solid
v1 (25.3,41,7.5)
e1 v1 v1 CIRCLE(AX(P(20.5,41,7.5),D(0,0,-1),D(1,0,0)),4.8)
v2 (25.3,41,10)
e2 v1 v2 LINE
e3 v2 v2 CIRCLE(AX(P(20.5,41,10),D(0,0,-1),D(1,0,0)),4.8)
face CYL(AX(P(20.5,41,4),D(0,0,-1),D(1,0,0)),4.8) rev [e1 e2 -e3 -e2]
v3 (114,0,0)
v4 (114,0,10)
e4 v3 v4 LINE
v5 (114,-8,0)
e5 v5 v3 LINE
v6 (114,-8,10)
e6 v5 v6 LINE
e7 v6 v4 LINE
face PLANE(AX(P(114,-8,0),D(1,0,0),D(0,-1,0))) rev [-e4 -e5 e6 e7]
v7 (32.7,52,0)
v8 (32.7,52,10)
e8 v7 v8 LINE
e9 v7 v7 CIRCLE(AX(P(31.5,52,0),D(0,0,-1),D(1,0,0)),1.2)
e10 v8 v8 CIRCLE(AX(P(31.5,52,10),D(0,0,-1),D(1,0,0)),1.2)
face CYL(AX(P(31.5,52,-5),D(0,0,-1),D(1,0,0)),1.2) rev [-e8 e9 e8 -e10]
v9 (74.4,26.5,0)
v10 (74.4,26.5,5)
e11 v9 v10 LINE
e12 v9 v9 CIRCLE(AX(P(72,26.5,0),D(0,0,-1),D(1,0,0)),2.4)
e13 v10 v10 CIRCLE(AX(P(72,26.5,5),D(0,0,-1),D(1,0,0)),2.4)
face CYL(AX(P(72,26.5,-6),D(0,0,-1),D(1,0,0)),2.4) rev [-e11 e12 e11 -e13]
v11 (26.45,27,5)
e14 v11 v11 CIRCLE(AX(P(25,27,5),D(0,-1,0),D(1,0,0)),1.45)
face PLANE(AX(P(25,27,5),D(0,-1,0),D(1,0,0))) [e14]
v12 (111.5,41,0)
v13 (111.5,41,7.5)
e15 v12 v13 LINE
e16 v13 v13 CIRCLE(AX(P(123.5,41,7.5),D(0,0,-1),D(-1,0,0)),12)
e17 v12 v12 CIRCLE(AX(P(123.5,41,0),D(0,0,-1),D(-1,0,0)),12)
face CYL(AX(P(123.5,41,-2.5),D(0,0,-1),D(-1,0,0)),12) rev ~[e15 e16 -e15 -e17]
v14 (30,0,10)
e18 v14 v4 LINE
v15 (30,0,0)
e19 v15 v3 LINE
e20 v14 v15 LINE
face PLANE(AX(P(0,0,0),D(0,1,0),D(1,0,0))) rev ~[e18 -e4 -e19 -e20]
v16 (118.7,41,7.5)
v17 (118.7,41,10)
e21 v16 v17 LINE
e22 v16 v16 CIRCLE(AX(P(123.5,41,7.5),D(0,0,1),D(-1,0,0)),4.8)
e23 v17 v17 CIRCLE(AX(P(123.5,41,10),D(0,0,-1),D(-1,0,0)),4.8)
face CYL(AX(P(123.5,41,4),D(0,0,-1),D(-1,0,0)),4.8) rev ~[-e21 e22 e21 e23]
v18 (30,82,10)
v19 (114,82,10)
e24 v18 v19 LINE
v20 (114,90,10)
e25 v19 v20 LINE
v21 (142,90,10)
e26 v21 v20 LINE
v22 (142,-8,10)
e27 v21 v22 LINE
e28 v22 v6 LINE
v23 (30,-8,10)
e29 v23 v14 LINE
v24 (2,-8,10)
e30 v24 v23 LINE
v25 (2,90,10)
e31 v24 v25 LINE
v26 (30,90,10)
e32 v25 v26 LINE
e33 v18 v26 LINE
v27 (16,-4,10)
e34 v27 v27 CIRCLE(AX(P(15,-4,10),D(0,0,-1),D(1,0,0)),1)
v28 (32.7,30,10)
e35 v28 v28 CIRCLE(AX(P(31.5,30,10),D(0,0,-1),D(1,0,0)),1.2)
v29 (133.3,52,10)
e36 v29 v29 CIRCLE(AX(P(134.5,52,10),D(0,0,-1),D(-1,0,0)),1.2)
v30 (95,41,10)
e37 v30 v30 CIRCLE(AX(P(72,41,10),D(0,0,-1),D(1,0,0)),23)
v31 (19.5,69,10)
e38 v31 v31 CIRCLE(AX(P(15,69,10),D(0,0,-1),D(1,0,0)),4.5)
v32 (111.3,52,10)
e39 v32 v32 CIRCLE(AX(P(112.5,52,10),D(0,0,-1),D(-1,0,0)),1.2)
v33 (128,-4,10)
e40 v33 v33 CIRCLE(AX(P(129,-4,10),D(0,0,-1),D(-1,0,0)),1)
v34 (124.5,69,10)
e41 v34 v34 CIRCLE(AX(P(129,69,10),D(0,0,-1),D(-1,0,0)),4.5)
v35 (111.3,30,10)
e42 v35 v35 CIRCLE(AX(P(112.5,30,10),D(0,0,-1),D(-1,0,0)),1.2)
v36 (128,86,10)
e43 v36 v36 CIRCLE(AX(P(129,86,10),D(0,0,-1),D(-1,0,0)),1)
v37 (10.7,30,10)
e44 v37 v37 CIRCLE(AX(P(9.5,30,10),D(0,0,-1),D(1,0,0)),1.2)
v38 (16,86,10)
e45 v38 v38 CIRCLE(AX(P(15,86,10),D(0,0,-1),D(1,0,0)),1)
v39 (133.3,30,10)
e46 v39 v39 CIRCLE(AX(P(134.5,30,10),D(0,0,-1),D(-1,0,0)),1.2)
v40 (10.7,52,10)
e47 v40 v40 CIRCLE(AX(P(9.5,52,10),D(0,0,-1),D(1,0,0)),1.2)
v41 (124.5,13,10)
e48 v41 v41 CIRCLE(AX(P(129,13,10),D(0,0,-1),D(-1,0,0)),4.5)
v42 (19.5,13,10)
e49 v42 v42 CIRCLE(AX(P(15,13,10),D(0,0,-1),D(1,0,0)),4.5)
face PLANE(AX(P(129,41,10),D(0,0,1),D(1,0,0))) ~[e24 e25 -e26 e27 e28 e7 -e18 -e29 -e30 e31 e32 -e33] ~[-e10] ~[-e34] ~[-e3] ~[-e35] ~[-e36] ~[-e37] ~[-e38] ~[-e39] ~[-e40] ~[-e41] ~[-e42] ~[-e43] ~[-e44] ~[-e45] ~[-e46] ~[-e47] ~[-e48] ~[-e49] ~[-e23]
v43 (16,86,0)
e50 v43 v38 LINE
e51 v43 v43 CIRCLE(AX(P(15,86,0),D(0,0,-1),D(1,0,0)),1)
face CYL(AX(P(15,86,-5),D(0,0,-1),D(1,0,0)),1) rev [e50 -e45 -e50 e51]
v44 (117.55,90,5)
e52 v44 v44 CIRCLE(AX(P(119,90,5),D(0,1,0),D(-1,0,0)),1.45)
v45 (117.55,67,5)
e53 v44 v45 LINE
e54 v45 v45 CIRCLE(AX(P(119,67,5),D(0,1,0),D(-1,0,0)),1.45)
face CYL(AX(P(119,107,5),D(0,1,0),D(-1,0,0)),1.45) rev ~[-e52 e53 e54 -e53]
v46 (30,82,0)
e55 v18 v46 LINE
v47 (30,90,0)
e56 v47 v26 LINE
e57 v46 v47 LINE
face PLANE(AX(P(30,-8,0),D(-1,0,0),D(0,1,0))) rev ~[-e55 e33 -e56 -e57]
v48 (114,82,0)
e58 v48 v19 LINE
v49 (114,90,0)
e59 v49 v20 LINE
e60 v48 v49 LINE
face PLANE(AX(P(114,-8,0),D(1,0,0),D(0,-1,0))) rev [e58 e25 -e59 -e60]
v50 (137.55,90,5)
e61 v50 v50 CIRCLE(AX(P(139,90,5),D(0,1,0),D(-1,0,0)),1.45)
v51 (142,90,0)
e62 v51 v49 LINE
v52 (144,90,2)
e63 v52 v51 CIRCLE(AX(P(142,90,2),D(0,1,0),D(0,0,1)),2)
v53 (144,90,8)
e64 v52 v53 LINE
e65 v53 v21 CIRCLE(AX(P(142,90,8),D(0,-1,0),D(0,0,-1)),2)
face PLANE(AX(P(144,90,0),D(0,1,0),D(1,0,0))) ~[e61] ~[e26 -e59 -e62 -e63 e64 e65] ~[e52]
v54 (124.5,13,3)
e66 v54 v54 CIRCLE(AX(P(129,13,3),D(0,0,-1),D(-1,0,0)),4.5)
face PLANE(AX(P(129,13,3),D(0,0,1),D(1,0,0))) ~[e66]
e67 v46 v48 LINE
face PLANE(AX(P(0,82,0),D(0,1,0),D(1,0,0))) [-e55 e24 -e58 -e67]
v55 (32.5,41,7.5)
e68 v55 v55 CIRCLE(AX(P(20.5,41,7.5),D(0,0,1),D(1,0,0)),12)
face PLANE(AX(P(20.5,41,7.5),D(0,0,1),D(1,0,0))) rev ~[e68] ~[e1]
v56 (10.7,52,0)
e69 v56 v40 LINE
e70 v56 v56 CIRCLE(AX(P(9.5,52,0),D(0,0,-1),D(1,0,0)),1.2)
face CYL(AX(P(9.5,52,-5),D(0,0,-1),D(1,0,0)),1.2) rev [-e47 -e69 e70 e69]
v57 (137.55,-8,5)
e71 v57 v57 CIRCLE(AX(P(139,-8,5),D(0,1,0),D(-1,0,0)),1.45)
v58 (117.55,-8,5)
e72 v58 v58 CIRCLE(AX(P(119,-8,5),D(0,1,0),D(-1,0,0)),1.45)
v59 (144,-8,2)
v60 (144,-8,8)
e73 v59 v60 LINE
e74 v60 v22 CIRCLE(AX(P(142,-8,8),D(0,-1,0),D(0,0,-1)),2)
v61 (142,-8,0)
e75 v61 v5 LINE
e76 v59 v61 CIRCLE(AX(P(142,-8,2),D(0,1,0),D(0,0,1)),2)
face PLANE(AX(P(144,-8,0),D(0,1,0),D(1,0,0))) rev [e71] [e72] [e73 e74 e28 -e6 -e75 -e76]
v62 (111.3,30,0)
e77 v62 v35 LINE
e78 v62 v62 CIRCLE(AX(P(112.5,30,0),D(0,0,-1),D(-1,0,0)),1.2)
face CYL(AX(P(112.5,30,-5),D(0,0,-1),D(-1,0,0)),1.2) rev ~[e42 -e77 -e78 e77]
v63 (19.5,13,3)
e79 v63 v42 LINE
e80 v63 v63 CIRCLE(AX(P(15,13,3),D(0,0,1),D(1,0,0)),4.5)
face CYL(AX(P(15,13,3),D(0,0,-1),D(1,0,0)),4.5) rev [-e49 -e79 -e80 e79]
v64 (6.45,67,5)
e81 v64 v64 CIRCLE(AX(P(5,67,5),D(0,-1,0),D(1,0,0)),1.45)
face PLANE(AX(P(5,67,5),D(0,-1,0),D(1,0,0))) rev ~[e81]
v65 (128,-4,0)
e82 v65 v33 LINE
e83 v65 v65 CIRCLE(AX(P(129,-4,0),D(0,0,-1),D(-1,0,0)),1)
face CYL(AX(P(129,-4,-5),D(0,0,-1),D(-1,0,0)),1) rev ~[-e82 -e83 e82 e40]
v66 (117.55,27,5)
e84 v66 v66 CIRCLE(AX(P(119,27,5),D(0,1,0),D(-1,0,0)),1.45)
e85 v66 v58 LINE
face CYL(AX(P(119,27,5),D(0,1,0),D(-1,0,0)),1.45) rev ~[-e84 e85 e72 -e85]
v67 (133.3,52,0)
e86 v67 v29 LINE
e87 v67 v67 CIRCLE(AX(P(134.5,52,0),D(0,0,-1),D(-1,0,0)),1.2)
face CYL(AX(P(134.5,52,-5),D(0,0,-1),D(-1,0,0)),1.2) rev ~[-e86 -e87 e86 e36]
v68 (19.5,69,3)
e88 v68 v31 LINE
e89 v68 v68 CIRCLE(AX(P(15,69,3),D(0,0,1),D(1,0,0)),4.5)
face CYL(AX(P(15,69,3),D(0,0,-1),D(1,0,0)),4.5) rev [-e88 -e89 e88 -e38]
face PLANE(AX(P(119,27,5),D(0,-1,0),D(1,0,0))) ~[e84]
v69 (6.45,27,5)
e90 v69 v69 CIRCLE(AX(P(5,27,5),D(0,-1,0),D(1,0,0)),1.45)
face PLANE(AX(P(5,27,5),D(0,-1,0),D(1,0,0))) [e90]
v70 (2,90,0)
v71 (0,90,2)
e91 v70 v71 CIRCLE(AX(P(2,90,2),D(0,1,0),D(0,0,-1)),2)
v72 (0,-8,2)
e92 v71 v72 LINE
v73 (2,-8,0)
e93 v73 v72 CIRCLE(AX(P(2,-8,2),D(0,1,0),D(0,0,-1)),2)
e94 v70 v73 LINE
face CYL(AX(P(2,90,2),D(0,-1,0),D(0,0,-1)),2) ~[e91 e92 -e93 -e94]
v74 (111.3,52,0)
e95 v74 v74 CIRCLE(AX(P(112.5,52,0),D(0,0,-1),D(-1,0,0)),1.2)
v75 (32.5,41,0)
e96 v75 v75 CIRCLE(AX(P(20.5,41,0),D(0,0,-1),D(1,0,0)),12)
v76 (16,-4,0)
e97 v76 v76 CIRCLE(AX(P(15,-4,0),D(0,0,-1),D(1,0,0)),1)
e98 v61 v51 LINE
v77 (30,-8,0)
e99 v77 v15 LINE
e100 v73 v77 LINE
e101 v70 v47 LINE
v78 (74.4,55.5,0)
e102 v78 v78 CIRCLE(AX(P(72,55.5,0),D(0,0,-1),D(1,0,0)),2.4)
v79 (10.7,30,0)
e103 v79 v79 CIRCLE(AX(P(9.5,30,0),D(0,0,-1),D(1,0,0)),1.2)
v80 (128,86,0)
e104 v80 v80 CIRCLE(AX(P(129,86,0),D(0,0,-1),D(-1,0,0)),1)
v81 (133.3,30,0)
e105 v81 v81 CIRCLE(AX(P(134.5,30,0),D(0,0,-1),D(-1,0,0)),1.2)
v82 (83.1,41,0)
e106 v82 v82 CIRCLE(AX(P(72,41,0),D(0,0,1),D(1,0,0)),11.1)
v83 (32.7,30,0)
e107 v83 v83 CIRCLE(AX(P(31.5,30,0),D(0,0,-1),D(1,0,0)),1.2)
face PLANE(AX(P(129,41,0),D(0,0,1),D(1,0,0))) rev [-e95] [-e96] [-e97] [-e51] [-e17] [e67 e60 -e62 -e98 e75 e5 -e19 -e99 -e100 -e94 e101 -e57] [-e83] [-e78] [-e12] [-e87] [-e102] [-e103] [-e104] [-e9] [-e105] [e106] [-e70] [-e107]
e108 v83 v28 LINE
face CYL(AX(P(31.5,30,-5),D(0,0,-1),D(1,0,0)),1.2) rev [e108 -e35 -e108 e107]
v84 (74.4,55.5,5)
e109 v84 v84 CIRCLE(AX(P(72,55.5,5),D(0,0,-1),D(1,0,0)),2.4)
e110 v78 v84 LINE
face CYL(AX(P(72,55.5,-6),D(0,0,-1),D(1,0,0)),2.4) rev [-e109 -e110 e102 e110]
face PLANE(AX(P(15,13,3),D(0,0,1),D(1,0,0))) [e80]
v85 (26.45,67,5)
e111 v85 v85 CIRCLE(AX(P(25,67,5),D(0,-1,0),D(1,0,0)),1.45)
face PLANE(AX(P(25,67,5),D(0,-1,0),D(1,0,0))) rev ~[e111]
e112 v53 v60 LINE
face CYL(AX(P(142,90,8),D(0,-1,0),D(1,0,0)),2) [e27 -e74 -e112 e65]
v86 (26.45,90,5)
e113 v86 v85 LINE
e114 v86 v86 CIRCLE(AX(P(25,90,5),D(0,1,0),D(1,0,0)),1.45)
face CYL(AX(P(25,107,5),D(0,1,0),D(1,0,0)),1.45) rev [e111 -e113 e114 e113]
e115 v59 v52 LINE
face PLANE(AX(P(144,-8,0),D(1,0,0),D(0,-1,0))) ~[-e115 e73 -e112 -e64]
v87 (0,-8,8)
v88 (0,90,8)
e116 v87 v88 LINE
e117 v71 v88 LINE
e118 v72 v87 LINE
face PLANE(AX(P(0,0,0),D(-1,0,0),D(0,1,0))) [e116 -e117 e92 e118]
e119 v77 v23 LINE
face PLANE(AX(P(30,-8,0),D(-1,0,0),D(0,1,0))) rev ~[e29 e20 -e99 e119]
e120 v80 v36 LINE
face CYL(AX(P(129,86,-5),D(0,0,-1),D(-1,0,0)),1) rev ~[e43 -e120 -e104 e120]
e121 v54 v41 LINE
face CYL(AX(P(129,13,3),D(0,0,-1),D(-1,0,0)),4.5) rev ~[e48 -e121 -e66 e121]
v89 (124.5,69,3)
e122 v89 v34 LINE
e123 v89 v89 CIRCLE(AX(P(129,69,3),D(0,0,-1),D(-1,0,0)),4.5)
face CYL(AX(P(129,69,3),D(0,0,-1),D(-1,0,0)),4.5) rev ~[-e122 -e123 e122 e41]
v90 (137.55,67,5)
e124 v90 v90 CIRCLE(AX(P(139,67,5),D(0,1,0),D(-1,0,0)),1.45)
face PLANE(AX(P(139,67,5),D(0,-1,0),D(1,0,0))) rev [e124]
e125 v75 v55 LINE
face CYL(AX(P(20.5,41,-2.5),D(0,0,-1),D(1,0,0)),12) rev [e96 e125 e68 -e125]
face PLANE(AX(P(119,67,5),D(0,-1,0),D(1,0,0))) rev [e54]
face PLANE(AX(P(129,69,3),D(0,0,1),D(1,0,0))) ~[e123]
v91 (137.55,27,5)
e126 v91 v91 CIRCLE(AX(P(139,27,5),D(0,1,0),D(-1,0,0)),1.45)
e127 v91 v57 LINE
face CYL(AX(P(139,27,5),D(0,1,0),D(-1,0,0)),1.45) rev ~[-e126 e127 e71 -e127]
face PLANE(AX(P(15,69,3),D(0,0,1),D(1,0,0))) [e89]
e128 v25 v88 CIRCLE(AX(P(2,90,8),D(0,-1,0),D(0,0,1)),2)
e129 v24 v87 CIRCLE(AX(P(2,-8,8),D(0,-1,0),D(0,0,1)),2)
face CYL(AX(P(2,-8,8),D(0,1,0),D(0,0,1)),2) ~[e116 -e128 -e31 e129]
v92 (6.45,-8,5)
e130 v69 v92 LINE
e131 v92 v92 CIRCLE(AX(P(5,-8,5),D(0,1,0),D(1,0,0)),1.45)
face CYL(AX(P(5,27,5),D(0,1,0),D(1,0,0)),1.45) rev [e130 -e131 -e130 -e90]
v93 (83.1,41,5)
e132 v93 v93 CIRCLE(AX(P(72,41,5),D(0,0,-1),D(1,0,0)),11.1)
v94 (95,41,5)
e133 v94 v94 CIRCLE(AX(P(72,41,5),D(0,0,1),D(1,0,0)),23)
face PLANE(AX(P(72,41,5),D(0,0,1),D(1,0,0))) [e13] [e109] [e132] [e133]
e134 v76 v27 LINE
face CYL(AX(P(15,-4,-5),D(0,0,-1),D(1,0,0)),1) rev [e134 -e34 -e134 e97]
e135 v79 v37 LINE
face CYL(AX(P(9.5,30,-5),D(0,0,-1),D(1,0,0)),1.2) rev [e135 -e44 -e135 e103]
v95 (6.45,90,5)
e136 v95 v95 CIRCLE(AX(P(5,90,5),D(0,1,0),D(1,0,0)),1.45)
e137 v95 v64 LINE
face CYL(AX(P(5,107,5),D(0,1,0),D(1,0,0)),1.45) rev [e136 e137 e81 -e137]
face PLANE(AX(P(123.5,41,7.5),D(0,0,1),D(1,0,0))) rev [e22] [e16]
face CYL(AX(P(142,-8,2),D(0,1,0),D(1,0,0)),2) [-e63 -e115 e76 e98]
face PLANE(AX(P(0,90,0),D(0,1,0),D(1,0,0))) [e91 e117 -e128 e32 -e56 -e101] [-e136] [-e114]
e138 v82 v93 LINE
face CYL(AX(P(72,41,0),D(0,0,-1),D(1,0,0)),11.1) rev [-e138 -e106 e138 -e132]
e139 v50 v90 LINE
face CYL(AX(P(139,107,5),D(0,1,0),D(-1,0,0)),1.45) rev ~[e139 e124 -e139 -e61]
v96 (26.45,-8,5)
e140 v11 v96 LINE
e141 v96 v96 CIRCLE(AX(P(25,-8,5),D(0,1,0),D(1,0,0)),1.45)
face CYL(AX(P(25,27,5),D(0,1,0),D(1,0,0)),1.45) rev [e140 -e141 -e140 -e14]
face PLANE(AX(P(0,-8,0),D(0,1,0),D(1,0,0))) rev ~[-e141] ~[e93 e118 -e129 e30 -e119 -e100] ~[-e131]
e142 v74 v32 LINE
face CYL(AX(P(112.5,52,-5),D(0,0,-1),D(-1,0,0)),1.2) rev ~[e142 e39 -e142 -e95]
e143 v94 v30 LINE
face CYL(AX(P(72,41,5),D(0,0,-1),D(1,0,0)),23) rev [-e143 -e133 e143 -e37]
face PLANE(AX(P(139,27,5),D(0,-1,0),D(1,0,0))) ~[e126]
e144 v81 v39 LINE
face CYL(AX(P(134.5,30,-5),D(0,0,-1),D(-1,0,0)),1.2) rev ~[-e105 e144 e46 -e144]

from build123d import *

# Parameters (mm, degrees)
CYLINDER028_R       = 4.8
CYLINDER028_DEPTH   = 10
CYLINDER016_R       = 1.2
CYLINDER016_DEPTH   = 20
ARRAY001006_X_COUNT = 2
ARRAY001006_X_PITCH = 22
ARRAY001006_Y_COUNT = 2
ARRAY001006_Y_PITCH = 22
CYLINDER026_R       = 12
CYLINDER026_DEPTH   = 10
CYLINDER027_R       = 4.5
CYLINDER027_DEPTH   = 24
ARRAY001008_Y_COUNT = 2
ARRAY001008_Y_PITCH = 56
CYLINDER040_R       = 1
CYLINDER040_DEPTH   = 20
ARRAY001022_Y_COUNT = 2
ARRAY001022_Y_PITCH = 90
CYLINDER039_R       = 1.45
CYLINDER039_DEPTH   = 40
ARRAY001020_X_COUNT = 2
ARRAY001020_X_PITCH = 20
ARRAY001020_Y_COUNT = 2
ARRAY001020_Y_PITCH = 80
CYLINDER037_R       = 23
CYLINDER037_DEPTH   = 30
CYLINDER036_R       = 2.4
CYLINDER036_DEPTH   = 30
ARRAY001018_Y_COUNT = 2
ARRAY001018_Y_PITCH = 29
CYLINDER029_R       = 11.1
CYLINDER029_DEPTH   = 30
BOX004_W            = 144
BOX004_H            = 82
BOX004_DEPTH        = 10
BOX019_W            = 30
BOX019_H            = 98
BOX019_DEPTH        = 10
FILLET004_R         = 2


with BuildPart() as bottom_side_lead_hole:
    # Cylinder028 → Cylinder028 (new body)
    with BuildSketch(Plane.XY.offset(4)):
        Circle(CYLINDER028_R)
    extrude(amount=CYLINDER028_DEPTH)


with BuildPart() as lead_holder_hole_array:
    # Cylinder016 → Cylinder016 (new body)
    with BuildSketch(Plane(origin=(-11, -11, 0), x_dir=(1, 0, 0), z_dir=(0, 0, 1))):
        Circle(CYLINDER016_R)
    extrude(amount=CYLINDER016_DEPTH)

    # Array001006 X: lead holder hole array ×2


with BuildPart() as lead_holder_hole_array_1:
    add(lead_holder_hole_array.part)
    with Locations(*[(i * ARRAY001006_X_PITCH, 0, 0) for i in range(1, ARRAY001006_X_COUNT)]):
        add(lead_holder_hole_array.part)

    # Array001006 Y: lead holder hole array ×2


with BuildPart() as lead_holder_hole_array_2:
    add(lead_holder_hole_array_1.part)
    with Locations(*[(0, i * ARRAY001006_Y_PITCH, 0) for i in range(1, ARRAY001006_Y_COUNT)]):
        add(lead_holder_hole_array_1.part)


with BuildPart() as lead_holder_hole_array_3:
    # Array001006 placement: moved
    add(lead_holder_hole_array_2.part.moved(Location((0, 0, -5))))


with BuildPart() as lead_bottom_hole_fusion:
    # Cylinder026 → Cylinder026 (new body)
    with BuildSketch(Plane.XY.offset(-2.5)):
        Circle(CYLINDER026_R)
    extrude(amount=CYLINDER026_DEPTH)

    # Fusion029: union bottom side lead hole, lead holder hole array
    add(bottom_side_lead_hole.part)
    add(lead_holder_hole_array_3.part)


with BuildPart() as lead_bottom_hole_fusion_1:
    # Fusion029 placement: moved
    add(lead_bottom_hole_fusion.part.moved(Location((20.5, 41, 0))))


with BuildPart() as rod_holder_hole_array_array:
    # Cylinder027 → Cylinder027 (new body)
    with BuildSketch(Plane.XY.offset(3)):
        Circle(CYLINDER027_R)
    extrude(amount=CYLINDER027_DEPTH)

    # Array001008 Y: rod holder hole array array ×2


with BuildPart() as rod_holder_hole_array_array_1:
    add(rod_holder_hole_array_array.part)
    with Locations(*[(0, i * ARRAY001008_Y_PITCH, 0) for i in range(1, ARRAY001008_Y_COUNT)]):
        add(rod_holder_hole_array_array.part)


with BuildPart() as rod_holder_hole_array_array_2:
    # Array001008 placement: moved
    add(rod_holder_hole_array_array_1.part.moved(Location((15, 13, 0))))


with BuildPart() as pusher_hole_array:
    # Cylinder040 → Cylinder040 (new body)
    with BuildSketch(Plane.XY.offset(-5)):
        Circle(CYLINDER040_R)
    extrude(amount=CYLINDER040_DEPTH)

    # Array001022 Y: pusher hole array ×2


with BuildPart() as pusher_hole_array_1:
    add(pusher_hole_array.part)
    with Locations(*[(0, i * ARRAY001022_Y_PITCH, 0) for i in range(1, ARRAY001022_Y_COUNT)]):
        add(pusher_hole_array.part)


with BuildPart() as pusher_hole_array_2:
    # Array001022 placement: moved
    add(pusher_hole_array_1.part.moved(Location((15, -4, 0))))


with BuildPart() as bottom_hole_fusion:
    # Cylinder039 → Cylinder039 (new body)
    with BuildSketch(Plane(origin=(0, 0, 5), x_dir=(1, 0, 0), z_dir=(0, -1, 0))):
        Circle(CYLINDER039_R)
    extrude(amount=CYLINDER039_DEPTH)

    # Array001020 X: bottom hole fusion ×2


with BuildPart() as bottom_hole_fusion_1:
    add(bottom_hole_fusion.part)
    with Locations(*[(i * ARRAY001020_X_PITCH, 0, 0) for i in range(1, ARRAY001020_X_COUNT)]):
        add(bottom_hole_fusion.part)

    # Array001020 Y: bottom hole fusion ×2


with BuildPart() as bottom_hole_fusion_2:
    add(bottom_hole_fusion_1.part)
    with Locations(*[(0, i * ARRAY001020_Y_PITCH, 0) for i in range(1, ARRAY001020_Y_COUNT)]):
        add(bottom_hole_fusion_1.part)


with BuildPart() as bottom_hole_fusion_3:
    # Array001020 placement: moved
    add(bottom_hole_fusion_2.part.moved(Location((0, 20, 0))))


with BuildPart() as bottom_hole_fusion_4:
    # Clone007 placement: moved
    add(bottom_hole_fusion_3.part.moved(Location((0, 7, 0))))


with BuildPart() as bottom_hole_fusion_5:
    # Body007 placement: moved
    add(bottom_hole_fusion_4.part.moved(Location((5, 0, 0))))

    # Fusion012: union lead bottom hole fusion, rod holder hole array array, pusher hole array
    add(lead_bottom_hole_fusion_1.part)
    add(rod_holder_hole_array_array_2.part)
    add(pusher_hole_array_2.part)


with BuildPart() as dc_motor_body_bottom_hole:
    # Cylinder037 → Cylinder037 (new body)
    with BuildSketch(Plane.XY.offset(5)):
        Circle(CYLINDER037_R)
    extrude(amount=CYLINDER037_DEPTH)


with BuildPart() as dc_motor_bolt_hole_array:
    # Cylinder036 → Cylinder036 (new body)
    with BuildSketch(Plane.XY):
        Circle(CYLINDER036_R)
    extrude(amount=CYLINDER036_DEPTH)

    # Array001018 Y: dc motor bolt hole array ×2


with BuildPart() as dc_motor_bolt_hole_array_1:
    add(dc_motor_bolt_hole_array.part)
    with Locations(*[(0, i * ARRAY001018_Y_PITCH, 0) for i in range(1, ARRAY001018_Y_COUNT)]):
        add(dc_motor_bolt_hole_array.part)


with BuildPart() as dc_motor_bolt_hole_array_2:
    # Array001018 placement: moved
    add(dc_motor_bolt_hole_array_1.part.moved(Location((0, -14.5, -6))))


with BuildPart() as dc_motor_bottom_hole_fusion:
    # Cylinder029 → Cylinder029 (new body)
    with BuildSketch(Plane.XY):
        Circle(CYLINDER029_R)
    extrude(amount=CYLINDER029_DEPTH)

    # Fusion028: union dc motor body bottom hole, dc motor bolt hole array
    add(dc_motor_body_bottom_hole.part)
    add(dc_motor_bolt_hole_array_2.part)


with BuildPart() as dc_motor_bottom_hole_fusion_1:
    # Fusion028 placement: moved
    add(dc_motor_bottom_hole_fusion.part.moved(Location((72, 41, 0))))


with BuildPart() as bottom_hole_mirrored_fusion:
    # Part__Mirroring003: instance of bottom hole fusion
    add(bottom_hole_fusion_5.part.mirror(Plane(origin=(72, 0, 0), x_dir=(0, -1, 0), z_dir=(1, 0, 0))))

    # Fusion030: union bottom hole fusion, dc motor bottom hole fusion
    add(bottom_hole_fusion_5.part)
    add(dc_motor_bottom_hole_fusion_1.part)


with BuildPart() as bottom_side_cube:
    # Box004 → Box004 (new body)
    with BuildSketch(Plane.XY):
        with Locations((72, 41)):
            Rectangle(BOX004_W, BOX004_H)
    extrude(amount=BOX004_DEPTH)


with BuildPart() as bottom_side_cube_extension:
    # Box019 → Box019 (new body)
    with BuildSketch(Plane(origin=(0, -8, 0), x_dir=(1, 0, 0), z_dir=(0, 0, 1))):
        with Locations((15, 49)):
            Rectangle(BOX019_W, BOX019_H)
    extrude(amount=BOX019_DEPTH)


with BuildPart() as part_mirroring002:
    # Part__Mirroring002: instance of bottom side cube extension
    add(bottom_side_cube_extension.part.mirror(Plane(origin=(72, 0, 0), x_dir=(0, -1, 0), z_dir=(1, 0, 0))))


with BuildPart() as bottom_side_fillet:
    # Fusion014 base: copy of bottom side cube extension
    add(bottom_side_cube_extension.part)

    # Fusion014: union bottom side cube, Part__Mirroring002
    add(bottom_side_cube.part)
    add(part_mirroring002.part)

    # Cut004: cut bottom hole mirrored fusion
    add(bottom_hole_mirrored_fusion.part, mode=Mode.SUBTRACT)

    # Fillet004
    fillet004_edges = [bottom_side_fillet.edges().sort_by_distance(p)[0] for p in [
        (0, -4, 10),
        (0, -4, 0),
        (0, 41, 10),
        (0, 41, 0),
        (0, 86, 10),
        (0, 86, 0),
        (144, 41, 10),
        (144, 41, 0),
        (144, 86, 10),
        (144, -4, 10),
        (144, -4, 0),
        (144, 86, 0),
    ]]
    fillet(fillet004_edges, radius=FILLET004_R)


solid = bottom_side_fillet.part
